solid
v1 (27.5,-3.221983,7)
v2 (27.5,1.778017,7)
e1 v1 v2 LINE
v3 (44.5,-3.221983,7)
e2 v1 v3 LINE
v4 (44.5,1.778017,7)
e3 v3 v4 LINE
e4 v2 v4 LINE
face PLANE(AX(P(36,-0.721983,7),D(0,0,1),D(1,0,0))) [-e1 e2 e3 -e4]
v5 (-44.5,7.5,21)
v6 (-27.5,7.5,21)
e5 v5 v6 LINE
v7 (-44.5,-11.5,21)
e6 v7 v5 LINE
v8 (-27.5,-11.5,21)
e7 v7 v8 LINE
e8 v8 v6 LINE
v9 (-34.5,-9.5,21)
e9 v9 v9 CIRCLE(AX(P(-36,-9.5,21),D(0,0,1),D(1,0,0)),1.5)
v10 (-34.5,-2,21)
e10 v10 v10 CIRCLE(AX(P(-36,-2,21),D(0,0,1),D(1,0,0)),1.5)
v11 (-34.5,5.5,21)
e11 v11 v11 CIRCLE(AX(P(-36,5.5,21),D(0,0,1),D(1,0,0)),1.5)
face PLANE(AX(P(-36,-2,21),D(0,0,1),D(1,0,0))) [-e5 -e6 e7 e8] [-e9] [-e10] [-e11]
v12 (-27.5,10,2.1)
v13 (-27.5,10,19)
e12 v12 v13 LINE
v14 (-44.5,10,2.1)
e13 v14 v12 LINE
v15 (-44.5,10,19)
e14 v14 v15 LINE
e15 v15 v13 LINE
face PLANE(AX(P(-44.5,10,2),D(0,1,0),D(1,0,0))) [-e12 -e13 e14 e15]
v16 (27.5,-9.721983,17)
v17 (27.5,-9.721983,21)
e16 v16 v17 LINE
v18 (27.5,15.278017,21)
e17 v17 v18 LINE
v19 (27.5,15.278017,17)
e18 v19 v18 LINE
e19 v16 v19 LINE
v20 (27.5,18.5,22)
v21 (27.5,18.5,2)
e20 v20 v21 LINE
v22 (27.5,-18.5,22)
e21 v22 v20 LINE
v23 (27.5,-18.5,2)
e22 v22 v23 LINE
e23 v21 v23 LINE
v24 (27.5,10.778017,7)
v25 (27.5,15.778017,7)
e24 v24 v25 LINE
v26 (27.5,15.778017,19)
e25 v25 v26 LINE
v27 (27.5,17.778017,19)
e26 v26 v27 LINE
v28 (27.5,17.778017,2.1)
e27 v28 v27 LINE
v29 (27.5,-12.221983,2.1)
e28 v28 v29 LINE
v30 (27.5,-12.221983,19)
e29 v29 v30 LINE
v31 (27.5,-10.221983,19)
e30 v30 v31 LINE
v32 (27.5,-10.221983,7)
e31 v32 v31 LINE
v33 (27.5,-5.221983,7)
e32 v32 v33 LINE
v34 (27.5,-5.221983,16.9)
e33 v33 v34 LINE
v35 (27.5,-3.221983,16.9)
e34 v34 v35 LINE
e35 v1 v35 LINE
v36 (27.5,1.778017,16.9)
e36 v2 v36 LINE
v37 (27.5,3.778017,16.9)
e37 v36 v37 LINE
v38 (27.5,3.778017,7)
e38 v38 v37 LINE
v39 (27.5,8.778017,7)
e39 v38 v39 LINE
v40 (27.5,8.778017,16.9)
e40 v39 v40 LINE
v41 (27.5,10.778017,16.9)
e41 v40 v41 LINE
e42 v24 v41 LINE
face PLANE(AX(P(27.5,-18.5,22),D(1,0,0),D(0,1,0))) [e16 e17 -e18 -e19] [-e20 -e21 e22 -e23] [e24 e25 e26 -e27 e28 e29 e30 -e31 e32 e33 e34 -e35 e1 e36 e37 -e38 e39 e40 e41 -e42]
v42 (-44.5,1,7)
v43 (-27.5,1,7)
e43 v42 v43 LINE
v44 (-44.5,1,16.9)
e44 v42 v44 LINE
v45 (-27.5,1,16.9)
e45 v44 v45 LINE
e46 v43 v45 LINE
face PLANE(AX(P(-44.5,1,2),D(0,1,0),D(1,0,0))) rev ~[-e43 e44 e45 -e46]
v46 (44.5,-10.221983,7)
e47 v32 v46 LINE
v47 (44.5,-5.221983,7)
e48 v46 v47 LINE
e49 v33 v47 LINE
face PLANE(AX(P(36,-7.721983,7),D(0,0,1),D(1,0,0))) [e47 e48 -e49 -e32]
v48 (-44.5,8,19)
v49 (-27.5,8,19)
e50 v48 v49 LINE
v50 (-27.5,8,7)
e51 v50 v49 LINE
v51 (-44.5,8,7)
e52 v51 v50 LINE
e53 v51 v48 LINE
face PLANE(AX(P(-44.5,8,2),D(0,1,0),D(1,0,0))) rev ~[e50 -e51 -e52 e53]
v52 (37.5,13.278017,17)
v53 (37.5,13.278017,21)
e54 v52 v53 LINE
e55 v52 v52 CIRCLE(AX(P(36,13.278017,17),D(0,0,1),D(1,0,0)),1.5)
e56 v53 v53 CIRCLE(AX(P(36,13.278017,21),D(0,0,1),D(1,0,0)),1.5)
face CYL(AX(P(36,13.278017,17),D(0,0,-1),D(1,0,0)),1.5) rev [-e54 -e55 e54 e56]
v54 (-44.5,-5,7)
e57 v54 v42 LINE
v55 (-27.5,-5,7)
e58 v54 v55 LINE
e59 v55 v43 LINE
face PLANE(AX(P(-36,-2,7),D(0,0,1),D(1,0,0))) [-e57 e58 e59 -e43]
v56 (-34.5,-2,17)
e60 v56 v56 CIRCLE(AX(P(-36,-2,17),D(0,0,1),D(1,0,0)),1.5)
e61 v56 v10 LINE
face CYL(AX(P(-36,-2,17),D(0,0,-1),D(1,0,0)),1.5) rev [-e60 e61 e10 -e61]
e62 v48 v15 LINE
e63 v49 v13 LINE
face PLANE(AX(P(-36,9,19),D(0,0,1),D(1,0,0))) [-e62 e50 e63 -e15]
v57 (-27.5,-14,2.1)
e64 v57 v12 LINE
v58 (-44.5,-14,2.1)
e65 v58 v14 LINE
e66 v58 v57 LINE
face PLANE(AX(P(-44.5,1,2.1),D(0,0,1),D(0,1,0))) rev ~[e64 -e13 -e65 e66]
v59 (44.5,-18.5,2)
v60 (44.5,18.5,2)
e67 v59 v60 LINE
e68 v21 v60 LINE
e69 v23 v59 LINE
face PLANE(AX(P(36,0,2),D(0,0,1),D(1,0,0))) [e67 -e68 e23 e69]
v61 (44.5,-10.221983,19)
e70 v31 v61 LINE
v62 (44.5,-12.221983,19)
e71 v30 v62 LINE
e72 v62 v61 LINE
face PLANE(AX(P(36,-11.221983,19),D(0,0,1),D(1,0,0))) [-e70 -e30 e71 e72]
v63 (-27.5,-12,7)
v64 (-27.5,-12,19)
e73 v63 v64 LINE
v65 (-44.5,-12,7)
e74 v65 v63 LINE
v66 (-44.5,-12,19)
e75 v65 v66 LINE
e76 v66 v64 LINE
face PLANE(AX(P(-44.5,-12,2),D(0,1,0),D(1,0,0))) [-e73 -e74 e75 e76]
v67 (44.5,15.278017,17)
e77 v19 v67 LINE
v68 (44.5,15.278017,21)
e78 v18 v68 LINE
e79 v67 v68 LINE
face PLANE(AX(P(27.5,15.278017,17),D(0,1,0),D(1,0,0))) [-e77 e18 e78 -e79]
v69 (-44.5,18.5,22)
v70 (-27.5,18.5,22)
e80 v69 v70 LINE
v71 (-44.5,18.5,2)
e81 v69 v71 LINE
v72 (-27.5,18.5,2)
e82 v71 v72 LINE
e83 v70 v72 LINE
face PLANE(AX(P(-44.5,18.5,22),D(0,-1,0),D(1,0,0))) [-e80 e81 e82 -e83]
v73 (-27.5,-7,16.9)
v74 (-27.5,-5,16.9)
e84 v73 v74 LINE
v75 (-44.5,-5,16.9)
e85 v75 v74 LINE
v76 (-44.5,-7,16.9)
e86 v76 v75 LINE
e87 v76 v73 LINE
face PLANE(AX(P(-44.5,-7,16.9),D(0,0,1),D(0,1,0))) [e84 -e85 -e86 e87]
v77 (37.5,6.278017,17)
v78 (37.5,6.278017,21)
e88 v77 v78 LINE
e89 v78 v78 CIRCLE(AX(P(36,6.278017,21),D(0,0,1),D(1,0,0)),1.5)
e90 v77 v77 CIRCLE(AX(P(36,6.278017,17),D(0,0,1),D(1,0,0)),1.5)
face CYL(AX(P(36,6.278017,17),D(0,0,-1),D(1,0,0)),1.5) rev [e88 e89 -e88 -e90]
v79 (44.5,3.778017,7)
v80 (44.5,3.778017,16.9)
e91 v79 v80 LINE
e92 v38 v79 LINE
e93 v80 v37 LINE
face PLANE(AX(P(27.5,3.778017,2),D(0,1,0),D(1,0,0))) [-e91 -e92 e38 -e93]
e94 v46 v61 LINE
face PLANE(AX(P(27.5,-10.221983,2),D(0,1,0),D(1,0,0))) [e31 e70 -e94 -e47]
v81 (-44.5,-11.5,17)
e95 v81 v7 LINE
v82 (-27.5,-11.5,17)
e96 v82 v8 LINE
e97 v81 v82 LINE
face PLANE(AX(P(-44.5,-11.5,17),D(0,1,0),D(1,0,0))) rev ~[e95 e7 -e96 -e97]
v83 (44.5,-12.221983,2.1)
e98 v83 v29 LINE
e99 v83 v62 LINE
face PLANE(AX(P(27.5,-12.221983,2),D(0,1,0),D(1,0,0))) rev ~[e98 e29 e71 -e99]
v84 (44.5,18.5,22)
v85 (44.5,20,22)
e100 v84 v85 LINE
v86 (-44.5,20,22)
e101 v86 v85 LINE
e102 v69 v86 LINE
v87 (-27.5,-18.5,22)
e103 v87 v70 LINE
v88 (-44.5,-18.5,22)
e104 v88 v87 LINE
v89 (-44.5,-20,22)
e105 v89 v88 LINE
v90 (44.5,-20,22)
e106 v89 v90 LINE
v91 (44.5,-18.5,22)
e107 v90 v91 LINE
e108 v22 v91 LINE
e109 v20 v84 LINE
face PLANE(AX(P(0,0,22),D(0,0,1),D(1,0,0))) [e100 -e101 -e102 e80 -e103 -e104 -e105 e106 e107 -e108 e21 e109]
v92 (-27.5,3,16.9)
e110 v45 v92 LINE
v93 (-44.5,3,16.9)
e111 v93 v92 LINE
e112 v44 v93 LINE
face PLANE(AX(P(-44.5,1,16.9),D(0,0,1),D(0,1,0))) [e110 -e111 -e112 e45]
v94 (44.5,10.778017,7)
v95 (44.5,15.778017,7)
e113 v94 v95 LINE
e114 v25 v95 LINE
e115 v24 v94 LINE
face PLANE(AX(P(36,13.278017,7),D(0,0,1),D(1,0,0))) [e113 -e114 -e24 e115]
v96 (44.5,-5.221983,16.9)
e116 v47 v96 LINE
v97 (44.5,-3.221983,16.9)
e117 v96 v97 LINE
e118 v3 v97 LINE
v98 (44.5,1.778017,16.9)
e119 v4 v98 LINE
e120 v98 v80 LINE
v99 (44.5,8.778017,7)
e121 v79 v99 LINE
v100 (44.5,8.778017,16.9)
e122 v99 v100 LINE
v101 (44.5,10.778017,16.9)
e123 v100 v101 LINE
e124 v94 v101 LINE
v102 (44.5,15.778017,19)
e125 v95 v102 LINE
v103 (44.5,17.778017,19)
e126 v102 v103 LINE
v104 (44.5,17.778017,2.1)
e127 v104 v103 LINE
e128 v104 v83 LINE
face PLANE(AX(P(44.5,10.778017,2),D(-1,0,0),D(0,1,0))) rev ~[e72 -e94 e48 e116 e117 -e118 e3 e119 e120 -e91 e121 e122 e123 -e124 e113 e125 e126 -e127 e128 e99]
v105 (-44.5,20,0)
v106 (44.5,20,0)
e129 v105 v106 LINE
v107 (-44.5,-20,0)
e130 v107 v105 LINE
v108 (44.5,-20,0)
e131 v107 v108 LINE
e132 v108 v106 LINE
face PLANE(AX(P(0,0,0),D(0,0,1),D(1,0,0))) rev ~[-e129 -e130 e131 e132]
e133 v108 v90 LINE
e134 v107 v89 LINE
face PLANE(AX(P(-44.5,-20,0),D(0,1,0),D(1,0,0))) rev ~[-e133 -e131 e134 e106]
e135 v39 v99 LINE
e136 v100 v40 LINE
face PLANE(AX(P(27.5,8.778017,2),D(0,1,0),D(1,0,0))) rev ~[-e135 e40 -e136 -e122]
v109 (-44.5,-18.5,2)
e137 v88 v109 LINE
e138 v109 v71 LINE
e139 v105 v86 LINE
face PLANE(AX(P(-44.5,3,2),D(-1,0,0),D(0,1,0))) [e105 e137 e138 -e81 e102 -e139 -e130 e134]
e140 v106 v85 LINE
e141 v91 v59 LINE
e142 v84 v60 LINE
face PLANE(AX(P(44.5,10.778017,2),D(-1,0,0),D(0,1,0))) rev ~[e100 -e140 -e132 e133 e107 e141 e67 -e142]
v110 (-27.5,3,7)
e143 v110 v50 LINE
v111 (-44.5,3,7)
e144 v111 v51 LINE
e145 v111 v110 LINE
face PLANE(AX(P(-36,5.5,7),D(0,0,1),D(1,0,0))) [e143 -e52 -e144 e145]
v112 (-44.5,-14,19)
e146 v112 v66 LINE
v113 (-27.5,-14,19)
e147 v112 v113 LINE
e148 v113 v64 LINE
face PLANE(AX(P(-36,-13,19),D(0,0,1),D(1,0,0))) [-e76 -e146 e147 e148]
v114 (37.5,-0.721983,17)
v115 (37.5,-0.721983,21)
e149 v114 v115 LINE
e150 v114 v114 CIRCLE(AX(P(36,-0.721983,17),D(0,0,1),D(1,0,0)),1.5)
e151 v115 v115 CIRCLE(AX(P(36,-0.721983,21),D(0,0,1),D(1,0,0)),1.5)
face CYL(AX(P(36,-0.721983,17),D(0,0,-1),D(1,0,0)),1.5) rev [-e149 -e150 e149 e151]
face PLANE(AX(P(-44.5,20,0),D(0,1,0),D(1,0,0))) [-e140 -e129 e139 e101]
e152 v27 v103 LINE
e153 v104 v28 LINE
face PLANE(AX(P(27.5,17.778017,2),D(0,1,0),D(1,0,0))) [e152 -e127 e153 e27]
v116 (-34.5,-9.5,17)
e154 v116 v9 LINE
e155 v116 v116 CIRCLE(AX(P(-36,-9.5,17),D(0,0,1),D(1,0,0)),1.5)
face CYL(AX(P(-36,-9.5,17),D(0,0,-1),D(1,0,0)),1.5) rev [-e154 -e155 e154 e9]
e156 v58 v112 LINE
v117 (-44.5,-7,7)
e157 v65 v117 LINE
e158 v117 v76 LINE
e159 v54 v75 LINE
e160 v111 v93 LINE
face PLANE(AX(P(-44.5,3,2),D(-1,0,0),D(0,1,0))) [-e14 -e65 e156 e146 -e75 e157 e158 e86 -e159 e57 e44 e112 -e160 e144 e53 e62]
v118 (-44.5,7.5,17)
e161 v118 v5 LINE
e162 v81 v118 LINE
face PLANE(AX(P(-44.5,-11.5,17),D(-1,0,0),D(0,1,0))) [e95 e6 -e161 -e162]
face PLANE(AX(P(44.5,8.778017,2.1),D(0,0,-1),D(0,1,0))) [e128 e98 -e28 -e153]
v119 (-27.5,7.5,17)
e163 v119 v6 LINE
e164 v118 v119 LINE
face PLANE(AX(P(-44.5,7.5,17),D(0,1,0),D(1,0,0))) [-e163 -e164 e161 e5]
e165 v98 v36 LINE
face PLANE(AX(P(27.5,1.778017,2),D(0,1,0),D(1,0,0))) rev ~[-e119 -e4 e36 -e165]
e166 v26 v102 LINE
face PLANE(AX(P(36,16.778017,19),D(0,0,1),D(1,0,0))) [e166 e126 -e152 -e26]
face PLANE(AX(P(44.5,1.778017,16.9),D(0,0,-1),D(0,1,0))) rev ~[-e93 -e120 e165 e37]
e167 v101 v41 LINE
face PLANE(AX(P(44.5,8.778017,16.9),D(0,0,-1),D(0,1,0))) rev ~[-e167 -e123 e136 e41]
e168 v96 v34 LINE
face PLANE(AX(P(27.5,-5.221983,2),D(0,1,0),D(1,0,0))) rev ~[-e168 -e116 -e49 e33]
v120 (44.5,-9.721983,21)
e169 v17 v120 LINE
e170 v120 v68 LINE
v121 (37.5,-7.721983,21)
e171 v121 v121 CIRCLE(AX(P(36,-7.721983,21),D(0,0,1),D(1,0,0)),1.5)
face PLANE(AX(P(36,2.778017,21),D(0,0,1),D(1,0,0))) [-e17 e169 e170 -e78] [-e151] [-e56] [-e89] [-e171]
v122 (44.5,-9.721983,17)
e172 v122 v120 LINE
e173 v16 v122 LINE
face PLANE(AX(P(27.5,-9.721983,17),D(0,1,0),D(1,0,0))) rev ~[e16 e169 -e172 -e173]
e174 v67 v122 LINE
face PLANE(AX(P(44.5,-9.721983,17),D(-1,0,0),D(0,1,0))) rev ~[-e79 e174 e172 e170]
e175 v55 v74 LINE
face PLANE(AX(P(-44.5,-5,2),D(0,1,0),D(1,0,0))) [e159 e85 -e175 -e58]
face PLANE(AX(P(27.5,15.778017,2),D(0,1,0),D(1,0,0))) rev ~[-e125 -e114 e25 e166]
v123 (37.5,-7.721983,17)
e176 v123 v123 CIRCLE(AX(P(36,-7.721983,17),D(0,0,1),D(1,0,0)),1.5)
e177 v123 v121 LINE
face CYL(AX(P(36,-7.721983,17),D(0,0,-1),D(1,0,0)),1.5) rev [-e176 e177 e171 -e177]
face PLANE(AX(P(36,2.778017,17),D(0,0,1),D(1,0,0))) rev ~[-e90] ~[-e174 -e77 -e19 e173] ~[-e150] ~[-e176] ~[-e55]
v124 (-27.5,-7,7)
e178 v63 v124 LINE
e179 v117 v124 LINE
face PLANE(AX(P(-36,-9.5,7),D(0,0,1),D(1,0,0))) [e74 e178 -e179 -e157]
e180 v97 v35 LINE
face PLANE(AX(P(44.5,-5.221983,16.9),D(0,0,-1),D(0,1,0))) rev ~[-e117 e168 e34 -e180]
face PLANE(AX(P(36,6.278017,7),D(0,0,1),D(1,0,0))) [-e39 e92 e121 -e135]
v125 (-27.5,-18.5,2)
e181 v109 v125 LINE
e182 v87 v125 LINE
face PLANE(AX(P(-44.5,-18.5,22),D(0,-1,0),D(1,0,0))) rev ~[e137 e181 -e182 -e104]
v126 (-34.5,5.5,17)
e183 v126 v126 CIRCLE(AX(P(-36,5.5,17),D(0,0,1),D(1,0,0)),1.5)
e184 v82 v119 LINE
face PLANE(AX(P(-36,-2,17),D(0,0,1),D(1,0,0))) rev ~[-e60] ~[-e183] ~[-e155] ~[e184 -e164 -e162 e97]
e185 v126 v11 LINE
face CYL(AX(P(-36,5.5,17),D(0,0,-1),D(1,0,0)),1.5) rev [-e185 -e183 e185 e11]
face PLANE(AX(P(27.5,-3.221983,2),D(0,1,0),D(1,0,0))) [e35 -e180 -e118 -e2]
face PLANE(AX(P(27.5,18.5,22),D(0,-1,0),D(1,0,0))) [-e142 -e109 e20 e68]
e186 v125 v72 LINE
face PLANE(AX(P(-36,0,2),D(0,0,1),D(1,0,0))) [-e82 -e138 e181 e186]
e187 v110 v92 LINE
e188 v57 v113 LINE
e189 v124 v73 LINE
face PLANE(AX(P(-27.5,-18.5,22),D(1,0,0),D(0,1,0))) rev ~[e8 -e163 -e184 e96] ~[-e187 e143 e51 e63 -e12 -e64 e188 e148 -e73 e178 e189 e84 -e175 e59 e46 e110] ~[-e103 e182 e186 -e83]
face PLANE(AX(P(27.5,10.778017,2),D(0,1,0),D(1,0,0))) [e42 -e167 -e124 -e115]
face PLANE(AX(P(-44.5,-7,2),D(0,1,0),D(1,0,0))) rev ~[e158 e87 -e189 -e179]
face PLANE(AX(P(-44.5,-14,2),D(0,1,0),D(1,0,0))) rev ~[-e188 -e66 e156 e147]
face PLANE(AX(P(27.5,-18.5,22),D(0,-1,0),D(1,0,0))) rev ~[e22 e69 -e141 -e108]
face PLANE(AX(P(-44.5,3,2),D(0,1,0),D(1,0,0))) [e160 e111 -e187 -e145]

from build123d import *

# Parameters (mm, degrees)
SKETCH1_W                 = 89
SKETCH1_H                 = 40
BOSS_EXTRUDE1_DEPTH       = 22
SKETCH2_W                 = 17
SKETCH2_H                 = 37
CUT_EXTRUDE1_DEPTH        = 20
SKETCH3_W                 = 17
SKETCH3_H                 = 2
BOSS_EXTRUDE2_DEPTH       = 17
BOSS_EXTRUDE10_DEPTH      = 2
BOSS_EXTRUDE10_DEPTH_BACK = 2
SKETCH4_W                 = 17
SKETCH4_H                 = 19
SKETCH4_R                 = 1.5
SKETCH5_W                 = 17
SKETCH5_H                 = 2
BOSS_EXTRUDE11_DEPTH      = 17
BOSS_EXTRUDE13_DEPTH      = 2
BOSS_EXTRUDE13_DEPTH_BACK = 2
SKETCH6_W                 = 17
SKETCH6_H                 = 25
SKETCH6_R                 = 1.5
SKETCH7_W                 = 0.1
SKETCH7_H                 = 2
CUT_EXTRUDE2_DEPTH        = 17
SKETCH8_W                 = 0.1
SKETCH8_H                 = 2
CUT_EXTRUDE11_DEPTH       = 17
SKETCH10_W                = 17
SKETCH10_H                = 5
SKETCH10_H_2              = 6
BOSS_EXTRUDE14_DEPTH      = 5
SKETCH11_W                = 0.1
SKETCH11_H                = 20
CUT_EXTRUDE12_DEPTH       = 17
SKETCH12_W                = 17
SKETCH12_H                = 5
BOSS_EXTRUDE15_DEPTH      = 5
SKETCH13_W                = 0.1
SKETCH13_H                = 26
CUT_EXTRUDE13_DEPTH       = 17


with BuildPart() as part:
    # Sketch1 → Boss-Extrude1 (new body)
    with BuildSketch(Plane.XY):
        Rectangle(SKETCH1_W, SKETCH1_H)
    extrude(amount=BOSS_EXTRUDE1_DEPTH)

    # Sketch2 → Cut-Extrude1 (cut)
    with BuildSketch(Plane.XY.offset(22)):
        with Locations((-36, 0)):
            Rectangle(SKETCH2_W, SKETCH2_H)
        with Locations((36, 0)):
            Rectangle(SKETCH2_W, SKETCH2_H)
    extrude(amount=-CUT_EXTRUDE1_DEPTH, mode=Mode.SUBTRACT)

    # Sketch3 → Boss-Extrude2 (add)
    with BuildSketch(Plane.XY.offset(2)):
        with Locations((-36, 9)):
            Rectangle(SKETCH3_W, SKETCH3_H)
        with Locations((-36, 2)):
            Rectangle(SKETCH3_W, SKETCH3_H)
        with Locations((-36, -6)):
            Rectangle(SKETCH3_W, SKETCH3_H)
        with Locations((-36, -13)):
            Rectangle(SKETCH3_W, SKETCH3_H)
    extrude(amount=BOSS_EXTRUDE2_DEPTH)

    # Sketch4 → Boss-Extrude10 (add, two sides: drawn at the far end of the back side and taken through both)
    with BuildSketch(Plane.XY.offset(19).offset(-BOSS_EXTRUDE10_DEPTH_BACK)):
        with Locations((-36, -2)):
            Rectangle(SKETCH4_W, SKETCH4_H)
        with Locations((-36, 5.5)):
            Circle(SKETCH4_R, mode=Mode.SUBTRACT)
        with Locations((-36, -2)):
            Circle(SKETCH4_R, mode=Mode.SUBTRACT)
        with Locations((-36, -9.5)):
            Circle(SKETCH4_R, mode=Mode.SUBTRACT)
    extrude(amount=BOSS_EXTRUDE10_DEPTH + BOSS_EXTRUDE10_DEPTH_BACK)

    # Sketch5 → Boss-Extrude11 (add)
    with BuildSketch(Plane.XY.offset(2)):
        with Locations((36, 16.778017119)):
            Rectangle(SKETCH5_W, SKETCH5_H)
        with Locations((36, 9.778017119)):
            Rectangle(SKETCH5_W, SKETCH5_H)
        with Locations((36, 2.778017119)):
            Rectangle(SKETCH5_W, SKETCH5_H)
        with Locations((36, -4.221982881)):
            Rectangle(SKETCH5_W, SKETCH5_H)
        with Locations((36, -11.221982881)):
            Rectangle(SKETCH5_W, SKETCH5_H)
    extrude(amount=BOSS_EXTRUDE11_DEPTH)

    # Sketch6 → Boss-Extrude13 (add, two sides: drawn at the far end of the back side and taken through both)
    with BuildSketch(Plane.XY.offset(19).offset(-BOSS_EXTRUDE13_DEPTH_BACK)):
        with Locations((36, 2.778017119)):
            Rectangle(SKETCH6_W, SKETCH6_H)
        with Locations((36, 13.278017119)):
            Circle(SKETCH6_R, mode=Mode.SUBTRACT)
        with Locations((36, 6.278017119)):
            Circle(SKETCH6_R, mode=Mode.SUBTRACT)
        with Locations((36, -0.721982881)):
            Circle(SKETCH6_R, mode=Mode.SUBTRACT)
        with Locations((36, -7.721982881)):
            Circle(SKETCH6_R, mode=Mode.SUBTRACT)
    extrude(amount=BOSS_EXTRUDE13_DEPTH + BOSS_EXTRUDE13_DEPTH_BACK)

    # Sketch7 → Cut-Extrude2 (cut)
    with BuildSketch(Plane.ZY.offset(44.5)):
        with Locations((2.05, 9)):
            Rectangle(SKETCH7_W, SKETCH7_H)
        with Locations((2.05, 2)):
            Rectangle(SKETCH7_W, SKETCH7_H)
        with Locations((2.05, -6)):
            Rectangle(SKETCH7_W, SKETCH7_H)
        with Locations((2.05, -13)):
            Rectangle(SKETCH7_W, SKETCH7_H)
        with Locations((16.95, -6)):
            Rectangle(SKETCH7_W, SKETCH7_H)
        with Locations((16.95, 2)):
            Rectangle(SKETCH7_W, SKETCH7_H)
    extrude(amount=-CUT_EXTRUDE2_DEPTH, mode=Mode.SUBTRACT)

    # Sketch8 → Cut-Extrude11 (cut)
    with BuildSketch(Plane(origin=(44.5, 0, 0), x_dir=(0, 0, -1), z_dir=(1, 0, 0))):
        with Locations((-2.05, -4.221982881)):
            Rectangle(SKETCH8_W, SKETCH8_H)
        with Locations((-16.95, -4.221982881)):
            Rectangle(SKETCH8_W, SKETCH8_H)
        with Locations((-16.95, 2.778017119)):
            Rectangle(SKETCH8_W, SKETCH8_H)
        with Locations((-16.95, 9.778017119)):
            Rectangle(SKETCH8_W, SKETCH8_H)
        with Locations((-2.05, 16.778017119)):
            Rectangle(SKETCH8_W, SKETCH8_H)
        with Locations((-2.05, 9.778017119)):
            Rectangle(SKETCH8_W, SKETCH8_H)
        with Locations((-2.05, 2.778017119)):
            Rectangle(SKETCH8_W, SKETCH8_H)
        with Locations((-2.05, -11.221982881)):
            Rectangle(SKETCH8_W, SKETCH8_H)
    extrude(amount=-CUT_EXTRUDE11_DEPTH, mode=Mode.SUBTRACT)

    # Sketch10 → Boss-Extrude14 (add)
    with BuildSketch(Plane.XY.offset(2)):
        with Locations((-36, 5.5)):
            Rectangle(SKETCH10_W, SKETCH10_H)
        with Locations((-36, -2)):
            Rectangle(SKETCH10_W, SKETCH10_H_2)
        with Locations((-36, -9.5)):
            Rectangle(SKETCH10_W, SKETCH10_H)
    extrude(amount=BOSS_EXTRUDE14_DEPTH)

    # Sketch11 → Cut-Extrude12 (cut)
    with BuildSketch(Plane.ZY.offset(44.5)):
        with Locations((2.05, -2)):
            Rectangle(SKETCH11_W, SKETCH11_H)
    extrude(amount=-CUT_EXTRUDE12_DEPTH, mode=Mode.SUBTRACT)

    # Sketch12 → Boss-Extrude15 (add)
    with BuildSketch(Plane.XY.offset(2)):
        with Locations((36, 13.278017119)):
            Rectangle(SKETCH12_W, SKETCH12_H)
        with Locations((36, 6.278017119)):
            Rectangle(SKETCH12_W, SKETCH12_H)
        with Locations((36, -0.721982881)):
            Rectangle(SKETCH12_W, SKETCH12_H)
        with Locations((36, -7.721982881)):
            Rectangle(SKETCH12_W, SKETCH12_H)
    extrude(amount=BOSS_EXTRUDE15_DEPTH)

    # Sketch13 → Cut-Extrude13 (cut)
    with BuildSketch(Plane(origin=(44.5, 0, 0), x_dir=(0, 0, -1), z_dir=(1, 0, 0))):
        with Locations((-2.05, 2.778017119)):
            Rectangle(SKETCH13_W, SKETCH13_H)
    extrude(amount=-CUT_EXTRUDE13_DEPTH, mode=Mode.SUBTRACT)


solid = part.part
